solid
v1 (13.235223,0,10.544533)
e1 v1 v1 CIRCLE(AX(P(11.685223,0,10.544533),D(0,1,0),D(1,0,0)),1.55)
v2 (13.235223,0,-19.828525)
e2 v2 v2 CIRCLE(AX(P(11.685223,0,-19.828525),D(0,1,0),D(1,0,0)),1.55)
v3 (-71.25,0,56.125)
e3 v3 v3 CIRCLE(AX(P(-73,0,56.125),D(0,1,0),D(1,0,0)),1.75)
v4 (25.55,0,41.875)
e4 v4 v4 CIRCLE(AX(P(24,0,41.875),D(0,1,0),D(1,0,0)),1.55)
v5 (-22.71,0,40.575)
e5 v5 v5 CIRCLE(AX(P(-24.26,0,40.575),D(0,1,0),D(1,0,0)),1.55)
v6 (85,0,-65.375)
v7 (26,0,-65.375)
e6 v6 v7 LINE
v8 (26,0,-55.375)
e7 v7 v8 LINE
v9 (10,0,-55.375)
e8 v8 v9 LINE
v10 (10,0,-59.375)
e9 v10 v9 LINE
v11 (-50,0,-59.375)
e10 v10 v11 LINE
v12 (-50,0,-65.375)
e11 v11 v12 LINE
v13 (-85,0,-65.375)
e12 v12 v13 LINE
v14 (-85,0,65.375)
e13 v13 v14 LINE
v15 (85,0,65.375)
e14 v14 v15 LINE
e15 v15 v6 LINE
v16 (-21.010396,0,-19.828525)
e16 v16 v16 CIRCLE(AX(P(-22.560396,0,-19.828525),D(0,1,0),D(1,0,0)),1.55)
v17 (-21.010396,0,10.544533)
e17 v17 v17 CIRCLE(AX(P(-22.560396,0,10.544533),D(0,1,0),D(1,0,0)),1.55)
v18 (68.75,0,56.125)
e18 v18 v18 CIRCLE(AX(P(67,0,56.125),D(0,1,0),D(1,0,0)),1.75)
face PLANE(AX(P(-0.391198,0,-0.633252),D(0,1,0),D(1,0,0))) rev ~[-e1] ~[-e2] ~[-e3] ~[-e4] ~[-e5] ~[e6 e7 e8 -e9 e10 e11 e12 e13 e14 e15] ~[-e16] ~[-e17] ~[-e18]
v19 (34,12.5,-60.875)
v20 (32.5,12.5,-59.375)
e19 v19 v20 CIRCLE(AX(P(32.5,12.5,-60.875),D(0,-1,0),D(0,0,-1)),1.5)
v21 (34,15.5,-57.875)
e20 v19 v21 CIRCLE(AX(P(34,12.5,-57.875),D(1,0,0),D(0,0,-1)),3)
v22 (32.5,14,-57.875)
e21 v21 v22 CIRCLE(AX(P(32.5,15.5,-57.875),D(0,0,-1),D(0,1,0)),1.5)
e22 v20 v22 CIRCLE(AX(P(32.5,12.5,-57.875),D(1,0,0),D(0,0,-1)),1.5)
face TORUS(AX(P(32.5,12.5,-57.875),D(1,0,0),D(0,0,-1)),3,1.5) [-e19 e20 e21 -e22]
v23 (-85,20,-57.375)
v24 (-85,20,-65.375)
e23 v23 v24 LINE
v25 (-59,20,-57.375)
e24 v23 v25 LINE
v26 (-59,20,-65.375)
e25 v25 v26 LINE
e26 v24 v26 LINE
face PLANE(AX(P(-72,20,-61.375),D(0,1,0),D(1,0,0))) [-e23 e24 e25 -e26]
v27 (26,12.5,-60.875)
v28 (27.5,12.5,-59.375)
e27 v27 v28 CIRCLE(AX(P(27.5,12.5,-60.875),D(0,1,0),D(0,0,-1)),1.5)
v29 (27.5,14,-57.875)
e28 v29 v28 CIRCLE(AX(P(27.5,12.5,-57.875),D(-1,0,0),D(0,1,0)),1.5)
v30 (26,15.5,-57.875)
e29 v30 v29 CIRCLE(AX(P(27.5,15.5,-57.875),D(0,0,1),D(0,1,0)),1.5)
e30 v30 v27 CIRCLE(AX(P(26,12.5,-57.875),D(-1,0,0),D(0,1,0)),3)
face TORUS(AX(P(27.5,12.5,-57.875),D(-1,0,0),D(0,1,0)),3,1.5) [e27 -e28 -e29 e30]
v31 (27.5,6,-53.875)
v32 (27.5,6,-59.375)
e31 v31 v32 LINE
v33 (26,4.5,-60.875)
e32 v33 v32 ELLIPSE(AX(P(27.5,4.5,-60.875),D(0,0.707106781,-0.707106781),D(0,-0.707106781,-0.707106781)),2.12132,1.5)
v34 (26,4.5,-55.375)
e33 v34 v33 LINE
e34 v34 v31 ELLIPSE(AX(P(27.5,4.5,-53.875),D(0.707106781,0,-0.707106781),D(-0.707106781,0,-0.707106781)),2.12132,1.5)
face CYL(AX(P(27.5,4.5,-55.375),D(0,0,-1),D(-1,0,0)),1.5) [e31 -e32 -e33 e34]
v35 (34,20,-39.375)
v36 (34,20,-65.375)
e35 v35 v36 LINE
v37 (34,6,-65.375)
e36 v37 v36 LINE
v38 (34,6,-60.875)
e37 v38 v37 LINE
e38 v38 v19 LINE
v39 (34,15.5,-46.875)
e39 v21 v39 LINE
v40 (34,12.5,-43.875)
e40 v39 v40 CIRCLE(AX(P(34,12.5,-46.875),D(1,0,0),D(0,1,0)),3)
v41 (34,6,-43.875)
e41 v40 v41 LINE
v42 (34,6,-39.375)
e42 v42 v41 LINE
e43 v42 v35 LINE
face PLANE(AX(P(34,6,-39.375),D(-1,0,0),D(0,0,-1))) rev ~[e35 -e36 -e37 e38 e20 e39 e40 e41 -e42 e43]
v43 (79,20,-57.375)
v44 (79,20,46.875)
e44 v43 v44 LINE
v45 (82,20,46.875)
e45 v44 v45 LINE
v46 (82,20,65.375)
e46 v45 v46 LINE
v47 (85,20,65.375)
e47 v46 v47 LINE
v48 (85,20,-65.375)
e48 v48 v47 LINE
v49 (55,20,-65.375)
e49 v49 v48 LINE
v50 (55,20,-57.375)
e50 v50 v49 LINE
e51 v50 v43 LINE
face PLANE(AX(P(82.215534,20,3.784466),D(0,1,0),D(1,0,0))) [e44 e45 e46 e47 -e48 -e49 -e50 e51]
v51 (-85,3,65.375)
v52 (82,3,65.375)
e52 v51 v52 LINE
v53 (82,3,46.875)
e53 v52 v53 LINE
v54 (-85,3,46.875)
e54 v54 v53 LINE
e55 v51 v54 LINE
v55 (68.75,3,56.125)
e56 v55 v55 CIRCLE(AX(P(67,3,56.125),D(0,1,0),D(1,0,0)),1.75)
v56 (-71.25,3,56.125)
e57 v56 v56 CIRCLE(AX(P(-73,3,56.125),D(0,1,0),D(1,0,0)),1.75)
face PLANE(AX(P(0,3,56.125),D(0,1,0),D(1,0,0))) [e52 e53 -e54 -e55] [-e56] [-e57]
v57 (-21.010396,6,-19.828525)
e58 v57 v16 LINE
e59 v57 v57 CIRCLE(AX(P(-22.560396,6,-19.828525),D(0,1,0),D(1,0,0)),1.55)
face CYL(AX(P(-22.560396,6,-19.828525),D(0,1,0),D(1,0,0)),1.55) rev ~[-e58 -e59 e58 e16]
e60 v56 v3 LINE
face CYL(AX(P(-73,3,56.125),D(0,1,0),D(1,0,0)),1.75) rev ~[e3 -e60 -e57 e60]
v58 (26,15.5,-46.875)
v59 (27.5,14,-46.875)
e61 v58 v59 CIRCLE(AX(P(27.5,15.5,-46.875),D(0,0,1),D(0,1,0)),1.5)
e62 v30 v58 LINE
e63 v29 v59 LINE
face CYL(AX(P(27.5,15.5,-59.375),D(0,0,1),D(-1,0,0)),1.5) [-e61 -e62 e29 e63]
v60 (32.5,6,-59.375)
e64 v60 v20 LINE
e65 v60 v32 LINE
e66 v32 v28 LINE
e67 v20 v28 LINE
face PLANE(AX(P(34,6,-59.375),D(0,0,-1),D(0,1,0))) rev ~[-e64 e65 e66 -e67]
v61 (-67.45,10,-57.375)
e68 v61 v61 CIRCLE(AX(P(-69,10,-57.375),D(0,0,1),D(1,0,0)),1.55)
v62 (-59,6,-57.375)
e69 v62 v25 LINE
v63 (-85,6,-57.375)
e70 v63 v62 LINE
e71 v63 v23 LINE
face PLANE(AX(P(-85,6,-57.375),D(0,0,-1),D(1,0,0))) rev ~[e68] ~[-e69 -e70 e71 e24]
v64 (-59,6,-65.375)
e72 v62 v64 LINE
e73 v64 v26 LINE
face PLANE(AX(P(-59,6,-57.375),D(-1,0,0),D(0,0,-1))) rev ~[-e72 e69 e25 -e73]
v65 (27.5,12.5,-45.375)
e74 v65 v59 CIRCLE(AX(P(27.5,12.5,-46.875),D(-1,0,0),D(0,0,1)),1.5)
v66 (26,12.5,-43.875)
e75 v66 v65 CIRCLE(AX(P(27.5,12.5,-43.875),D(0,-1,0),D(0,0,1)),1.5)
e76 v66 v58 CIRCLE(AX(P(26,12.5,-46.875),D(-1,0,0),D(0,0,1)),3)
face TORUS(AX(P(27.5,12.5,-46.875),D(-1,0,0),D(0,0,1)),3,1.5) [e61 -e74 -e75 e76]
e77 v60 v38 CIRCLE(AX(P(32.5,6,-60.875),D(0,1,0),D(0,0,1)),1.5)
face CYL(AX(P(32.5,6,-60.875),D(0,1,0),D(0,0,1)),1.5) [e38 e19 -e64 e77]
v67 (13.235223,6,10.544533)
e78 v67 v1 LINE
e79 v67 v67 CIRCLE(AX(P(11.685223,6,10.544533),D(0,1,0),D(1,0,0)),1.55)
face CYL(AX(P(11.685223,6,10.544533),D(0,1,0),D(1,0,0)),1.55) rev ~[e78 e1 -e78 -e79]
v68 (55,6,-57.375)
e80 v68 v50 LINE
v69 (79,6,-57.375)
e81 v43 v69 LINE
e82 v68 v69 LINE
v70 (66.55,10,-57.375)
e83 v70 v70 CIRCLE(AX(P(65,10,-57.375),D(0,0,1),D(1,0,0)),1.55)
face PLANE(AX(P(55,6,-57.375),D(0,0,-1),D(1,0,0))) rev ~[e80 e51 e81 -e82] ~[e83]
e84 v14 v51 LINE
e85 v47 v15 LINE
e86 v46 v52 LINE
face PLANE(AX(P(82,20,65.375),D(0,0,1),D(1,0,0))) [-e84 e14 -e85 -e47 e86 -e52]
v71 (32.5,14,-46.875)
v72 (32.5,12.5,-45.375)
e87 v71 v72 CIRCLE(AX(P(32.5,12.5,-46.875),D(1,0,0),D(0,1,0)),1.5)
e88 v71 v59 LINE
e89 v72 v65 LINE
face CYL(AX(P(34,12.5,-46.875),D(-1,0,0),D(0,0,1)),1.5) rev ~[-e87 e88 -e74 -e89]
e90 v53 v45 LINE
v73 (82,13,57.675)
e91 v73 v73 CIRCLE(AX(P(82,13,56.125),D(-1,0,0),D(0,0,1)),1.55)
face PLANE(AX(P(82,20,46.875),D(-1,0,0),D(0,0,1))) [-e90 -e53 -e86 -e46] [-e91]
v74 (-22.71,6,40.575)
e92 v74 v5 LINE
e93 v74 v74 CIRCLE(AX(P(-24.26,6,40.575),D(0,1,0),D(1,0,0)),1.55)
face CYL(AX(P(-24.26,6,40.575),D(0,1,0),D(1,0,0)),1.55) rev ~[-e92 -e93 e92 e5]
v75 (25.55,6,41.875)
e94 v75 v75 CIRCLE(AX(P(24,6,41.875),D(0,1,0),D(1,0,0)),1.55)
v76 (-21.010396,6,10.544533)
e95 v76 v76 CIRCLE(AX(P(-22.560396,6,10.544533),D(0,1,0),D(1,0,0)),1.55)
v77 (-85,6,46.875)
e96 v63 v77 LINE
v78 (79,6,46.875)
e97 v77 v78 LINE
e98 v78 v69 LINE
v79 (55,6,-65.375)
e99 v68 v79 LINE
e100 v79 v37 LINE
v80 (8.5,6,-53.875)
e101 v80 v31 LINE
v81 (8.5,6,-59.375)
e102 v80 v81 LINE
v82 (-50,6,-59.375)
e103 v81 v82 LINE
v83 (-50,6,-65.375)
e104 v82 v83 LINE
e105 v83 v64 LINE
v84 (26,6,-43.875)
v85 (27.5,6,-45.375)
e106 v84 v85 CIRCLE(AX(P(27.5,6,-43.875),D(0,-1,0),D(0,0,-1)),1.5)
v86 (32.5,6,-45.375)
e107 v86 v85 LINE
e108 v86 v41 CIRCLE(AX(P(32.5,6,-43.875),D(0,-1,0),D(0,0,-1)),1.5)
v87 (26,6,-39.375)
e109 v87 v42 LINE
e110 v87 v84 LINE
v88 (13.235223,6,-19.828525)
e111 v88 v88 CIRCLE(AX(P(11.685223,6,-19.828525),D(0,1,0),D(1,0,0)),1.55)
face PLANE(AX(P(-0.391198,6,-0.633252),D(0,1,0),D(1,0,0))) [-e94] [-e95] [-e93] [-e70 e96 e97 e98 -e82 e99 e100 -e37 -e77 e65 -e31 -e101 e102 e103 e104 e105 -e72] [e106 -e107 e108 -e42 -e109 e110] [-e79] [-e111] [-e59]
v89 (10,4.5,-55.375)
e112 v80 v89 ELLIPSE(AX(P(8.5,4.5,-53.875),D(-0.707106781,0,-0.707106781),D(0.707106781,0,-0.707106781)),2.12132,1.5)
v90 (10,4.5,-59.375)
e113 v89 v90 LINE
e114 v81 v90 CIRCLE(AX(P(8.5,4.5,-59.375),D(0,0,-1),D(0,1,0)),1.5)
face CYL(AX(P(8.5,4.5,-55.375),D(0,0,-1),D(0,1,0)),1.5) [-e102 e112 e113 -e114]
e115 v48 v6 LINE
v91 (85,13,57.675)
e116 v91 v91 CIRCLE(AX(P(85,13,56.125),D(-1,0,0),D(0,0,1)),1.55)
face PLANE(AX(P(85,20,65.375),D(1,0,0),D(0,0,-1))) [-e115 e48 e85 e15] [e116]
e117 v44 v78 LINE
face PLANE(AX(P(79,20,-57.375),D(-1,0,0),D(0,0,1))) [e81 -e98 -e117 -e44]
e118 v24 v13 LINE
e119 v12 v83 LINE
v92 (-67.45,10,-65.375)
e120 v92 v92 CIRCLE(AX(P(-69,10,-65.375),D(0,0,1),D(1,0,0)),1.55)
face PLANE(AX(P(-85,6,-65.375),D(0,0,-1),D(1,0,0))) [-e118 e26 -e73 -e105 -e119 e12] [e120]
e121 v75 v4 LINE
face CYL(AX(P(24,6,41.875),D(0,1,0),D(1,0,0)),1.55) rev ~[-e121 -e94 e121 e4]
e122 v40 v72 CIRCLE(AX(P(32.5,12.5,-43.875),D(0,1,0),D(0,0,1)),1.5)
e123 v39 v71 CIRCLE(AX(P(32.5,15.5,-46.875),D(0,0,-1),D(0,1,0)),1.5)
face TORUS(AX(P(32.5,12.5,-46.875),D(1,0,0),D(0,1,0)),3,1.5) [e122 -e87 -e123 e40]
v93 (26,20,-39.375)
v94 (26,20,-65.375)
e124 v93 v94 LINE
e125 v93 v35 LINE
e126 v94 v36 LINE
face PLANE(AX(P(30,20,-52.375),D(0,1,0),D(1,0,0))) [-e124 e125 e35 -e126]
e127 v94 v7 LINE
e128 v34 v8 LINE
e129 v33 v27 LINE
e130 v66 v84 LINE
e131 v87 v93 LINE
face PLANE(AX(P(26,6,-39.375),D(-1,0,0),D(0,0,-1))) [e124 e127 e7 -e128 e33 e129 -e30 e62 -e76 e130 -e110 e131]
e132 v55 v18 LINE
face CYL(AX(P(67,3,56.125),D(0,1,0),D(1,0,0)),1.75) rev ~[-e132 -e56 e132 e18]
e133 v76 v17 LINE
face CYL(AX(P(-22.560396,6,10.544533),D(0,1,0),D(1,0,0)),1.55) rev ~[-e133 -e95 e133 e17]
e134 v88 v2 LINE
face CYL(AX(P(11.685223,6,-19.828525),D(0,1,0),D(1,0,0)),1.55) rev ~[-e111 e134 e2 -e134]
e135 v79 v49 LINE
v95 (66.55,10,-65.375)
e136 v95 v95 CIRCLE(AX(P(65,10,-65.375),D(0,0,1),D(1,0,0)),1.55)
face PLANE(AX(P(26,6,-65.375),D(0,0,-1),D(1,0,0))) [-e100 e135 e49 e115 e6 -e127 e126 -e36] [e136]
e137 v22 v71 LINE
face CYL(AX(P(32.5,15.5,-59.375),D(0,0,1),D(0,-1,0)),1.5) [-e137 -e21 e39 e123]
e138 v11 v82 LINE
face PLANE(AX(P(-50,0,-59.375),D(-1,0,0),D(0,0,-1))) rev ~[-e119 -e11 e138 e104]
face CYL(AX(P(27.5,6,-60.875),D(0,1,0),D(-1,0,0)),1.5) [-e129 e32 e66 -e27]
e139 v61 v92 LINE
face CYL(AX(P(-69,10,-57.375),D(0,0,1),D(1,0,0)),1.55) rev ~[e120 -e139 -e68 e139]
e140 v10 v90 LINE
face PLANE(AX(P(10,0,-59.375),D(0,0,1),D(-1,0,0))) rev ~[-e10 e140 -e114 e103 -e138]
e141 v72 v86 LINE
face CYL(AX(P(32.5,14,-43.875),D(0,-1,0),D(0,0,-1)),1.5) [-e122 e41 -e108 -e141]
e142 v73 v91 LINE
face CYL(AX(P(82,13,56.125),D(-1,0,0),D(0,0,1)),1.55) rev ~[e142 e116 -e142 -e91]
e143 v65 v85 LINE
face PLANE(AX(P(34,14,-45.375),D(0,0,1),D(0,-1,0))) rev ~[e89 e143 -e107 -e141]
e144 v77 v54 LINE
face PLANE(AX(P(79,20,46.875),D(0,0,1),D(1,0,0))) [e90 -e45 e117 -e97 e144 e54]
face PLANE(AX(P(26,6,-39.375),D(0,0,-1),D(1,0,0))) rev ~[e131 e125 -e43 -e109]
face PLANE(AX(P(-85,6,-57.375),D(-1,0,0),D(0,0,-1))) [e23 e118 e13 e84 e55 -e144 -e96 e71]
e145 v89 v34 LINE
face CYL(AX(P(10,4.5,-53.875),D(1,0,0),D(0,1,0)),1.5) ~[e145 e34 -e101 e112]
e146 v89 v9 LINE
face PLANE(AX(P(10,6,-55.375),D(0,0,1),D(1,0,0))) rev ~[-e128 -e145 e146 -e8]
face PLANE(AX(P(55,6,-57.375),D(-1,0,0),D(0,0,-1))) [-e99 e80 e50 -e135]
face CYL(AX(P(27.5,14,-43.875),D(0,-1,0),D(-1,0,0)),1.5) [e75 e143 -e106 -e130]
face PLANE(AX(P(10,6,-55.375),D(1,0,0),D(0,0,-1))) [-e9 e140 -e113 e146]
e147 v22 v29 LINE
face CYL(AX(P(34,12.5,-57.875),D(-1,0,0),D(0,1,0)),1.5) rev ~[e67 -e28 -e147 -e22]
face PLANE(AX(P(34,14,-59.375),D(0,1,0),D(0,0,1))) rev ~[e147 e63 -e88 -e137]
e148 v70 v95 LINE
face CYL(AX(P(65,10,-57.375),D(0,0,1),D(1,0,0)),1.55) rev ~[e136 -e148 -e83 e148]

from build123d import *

# Parameters (mm, degrees)
BOSS_EXTRUDE1_DEPTH = 6
SKETCH2_W           = 26
SKETCH2_H           = 8
SKETCH2_W_2         = 30
BOSS_EXTRUDE2_DEPTH = 14
SKETCH3_R           = 1.55
CUT_EXTRUDE1_DEPTH  = 9
SKETCH4_W           = 170
SKETCH4_H           = 18.5
CUT_EXTRUDE2_DEPTH  = 3
SKETCH5_R           = 1.75
CUT_EXTRUDE3_DEPTH  = 3
BOSS_EXTRUDE3_REACH = 22
SKETCH8_R           = 1.55
CUT_EXTRUDE4_DEPTH  = 4
CUT_EXTRUDE5_REACH  = 8
SKETCH9_W           = 16
SKETCH9_H           = 10
SKETCH10_W          = 8
SKETCH10_H          = 26
BOSS_EXTRUDE4_DEPTH = 14
CUT_EXTRUDE6_REACH  = 121
FILLET1_R           = 1.5
SKETCH12_R          = 1.55
CUT_EXTRUDE7_DEPTH  = 14
CUT_EXTRUDE8_REACH  = 8
SKETCH13_R          = 1.55


with BuildPart() as part:
    # Sketch1 → Boss-Extrude1 (new body)
    with BuildSketch(Plane(origin=(0, 0, 0), x_dir=(1, 0, 0), z_dir=(0, 1, 0))):
        Polygon((-85, 65.375), (-85, -65.375), (85, -65.375), (85, 65.375), (10, 65.375), (10, 59.375), (-50, 59.375), (-50, 65.375), align=None)
    extrude(amount=BOSS_EXTRUDE1_DEPTH)

    # Sketch2 → Boss-Extrude2 (add)
    with BuildSketch(Plane(origin=(0, 6, 0), x_dir=(1, 0, 0), z_dir=(0, 1, 0))):
        with Locations((-72, 61.375)):
            Rectangle(SKETCH2_W, SKETCH2_H)
        with Locations((70, 61.375)):
            Rectangle(SKETCH2_W_2, SKETCH2_H)
    extrude(amount=BOSS_EXTRUDE2_DEPTH)

    # Sketch3 → Cut-Extrude1 (cut, through all)
    with BuildSketch(Plane.XY.offset(-57.375)):
        with Locations((-69, 10)):
            Circle(SKETCH3_R)
        with Locations((65, 10)):
            Circle(SKETCH3_R)
    extrude(amount=-CUT_EXTRUDE1_DEPTH, mode=Mode.SUBTRACT)

    # Sketch4 → Cut-Extrude2 (cut)
    with BuildSketch(Plane(origin=(0, 6, 0), x_dir=(1, 0, 0), z_dir=(0, 1, 0))):
        with Locations((0, -56.125)):
            Rectangle(SKETCH4_W, SKETCH4_H)
    extrude(amount=-CUT_EXTRUDE2_DEPTH, mode=Mode.SUBTRACT)

    # Sketch5 → Cut-Extrude3 (cut)
    with BuildSketch(Plane(origin=(0, 3, 0), x_dir=(1, 0, 0), z_dir=(0, 1, 0))):
        with Locations((-73, -56.125)):
            Circle(SKETCH5_R)
        with Locations((67, -56.125)):
            Circle(SKETCH5_R)
    extrude(amount=-CUT_EXTRUDE3_DEPTH, mode=Mode.SUBTRACT)

    # Sketch7 → Boss-Extrude3 (add, up to next)
    with BuildSketch(Plane(origin=(0, 20, 0), x_dir=(1, 0, 0), z_dir=(0, 1, 0)), mode=Mode.PRIVATE) as boss_extrude3_sk1:
        Polygon((85, -65.375), (85, 57.375), (79, 57.375), (79, -46.875), (82, -46.875), (82, -65.375), align=None)
    boss_extrude3_tool1 = extrude(boss_extrude3_sk1.sketch, amount=-BOSS_EXTRUDE3_REACH, mode=Mode.PRIVATE) - part.part
    add(boss_extrude3_tool1.solids().sort_by_distance((82.122247, 20, -0.248073))[0])

    # Sketch8 → Cut-Extrude4 (cut, through all)
    with BuildSketch(Plane.ZY.offset(-82)):
        with Locations((56.125, 13)):
            Circle(SKETCH8_R)
    extrude(amount=-CUT_EXTRUDE4_DEPTH, mode=Mode.SUBTRACT)

    # Sketch9 → Cut-Extrude5 (cut, up to next)
    with BuildSketch(Plane(origin=(0, 6, 0), x_dir=(1, 0, 0), z_dir=(0, 1, 0)), mode=Mode.PRIVATE) as cut_extrude5_sk1:
        with Locations((18, 60.375)):
            Rectangle(SKETCH9_W, SKETCH9_H)
    cut_extrude5_tool1 = extrude(cut_extrude5_sk1.sketch, amount=-CUT_EXTRUDE5_REACH, mode=Mode.PRIVATE) & part.part
    add(cut_extrude5_tool1.solids().sort_by_distance((18, 6, -60.375))[0], mode=Mode.SUBTRACT)

    # Sketch10 → Boss-Extrude4 (add)
    with BuildSketch(Plane(origin=(0, 6, 0), x_dir=(1, 0, 0), z_dir=(0, 1, 0))):
        with Locations((30, 52.375)):
            Rectangle(SKETCH10_W, SKETCH10_H)
    extrude(amount=BOSS_EXTRUDE4_DEPTH)

    # Sketch11 → Cut-Extrude6 (cut, up to next)
    with BuildSketch(Plane(origin=(34, 0, 0), x_dir=(0, 0, -1), z_dir=(1, 0, 0)), mode=Mode.PRIVATE) as cut_extrude6_sk1:
        Polygon((45.375, 12), (45.375, 6), (59.375, 6), (59.375, 12), (59.375, 14), (45.375, 14), align=None)
    cut_extrude6_tool1 = extrude(cut_extrude6_sk1.sketch, amount=-CUT_EXTRUDE6_REACH, mode=Mode.PRIVATE) & part.part
    add(cut_extrude6_tool1.solids().sort_by_distance((34, 10, -52.375))[0], mode=Mode.SUBTRACT)

    # Fillet1
    fillet1_edges = [part.edges().sort_by_distance(p)[0] for p in [
        (26, 6, -57.375),
        (18, 6, -55.375),
        (10, 6, -57.375),
        (26, 10, -45.375),
        (26, 14, -52.375),
        (26, 10, -59.375),
        (34, 10, -59.375),
        (34, 14, -52.375),
        (34, 10, -45.375),
        (30, 14, -45.375),
        (30, 14, -59.375),
    ]]
    fillet(fillet1_edges, radius=FILLET1_R)

    # Sketch12 → Cut-Extrude7 (cut)
    with BuildSketch(Plane(origin=(0, 6, 0), x_dir=(1, 0, 0), z_dir=(0, 1, 0))):
        with Locations((24, -41.875)):
            Circle(SKETCH12_R)
        with Locations((-24.26, -40.575)):
            Circle(SKETCH12_R)
    extrude(amount=-CUT_EXTRUDE7_DEPTH, mode=Mode.SUBTRACT)

    # Sketch13 → Cut-Extrude8 (cut, up to next)
    with BuildSketch(Plane(origin=(0, 6, 0), x_dir=(1, 0, 0), z_dir=(0, 1, 0)), mode=Mode.PRIVATE) as cut_extrude8_sk1:
        with Locations((11.685222517, 19.828524859)):
            Circle(SKETCH13_R)
    cut_extrude8_tool1 = extrude(cut_extrude8_sk1.sketch, amount=-CUT_EXTRUDE8_REACH, mode=Mode.PRIVATE) & part.part
    add(cut_extrude8_tool1.solids().sort_by_distance((11.685223, 6, -19.828525))[0], mode=Mode.SUBTRACT)
    # Sketch13 → Cut-Extrude8 (cut, up to next)
    with BuildSketch(Plane(origin=(0, 6, 0), x_dir=(1, 0, 0), z_dir=(0, 1, 0)), mode=Mode.PRIVATE) as cut_extrude8_sk2:
        with Locations((-22.560396417, 19.828524859)):
            Circle(SKETCH13_R)
    cut_extrude8_tool2 = extrude(cut_extrude8_sk2.sketch, amount=-CUT_EXTRUDE8_REACH, mode=Mode.PRIVATE) & part.part
    add(cut_extrude8_tool2.solids().sort_by_distance((-22.560396, 6, -19.828525))[0], mode=Mode.SUBTRACT)
    # Sketch13 → Cut-Extrude8 (cut, up to next)
    with BuildSketch(Plane(origin=(0, 6, 0), x_dir=(1, 0, 0), z_dir=(0, 1, 0)), mode=Mode.PRIVATE) as cut_extrude8_sk3:
        with Locations((11.685222517, -10.544533108)):
            Circle(SKETCH13_R)
    cut_extrude8_tool3 = extrude(cut_extrude8_sk3.sketch, amount=-CUT_EXTRUDE8_REACH, mode=Mode.PRIVATE) & part.part
    add(cut_extrude8_tool3.solids().sort_by_distance((11.685223, 6, 10.544533))[0], mode=Mode.SUBTRACT)
    # Sketch13 → Cut-Extrude8 (cut, up to next)
    with BuildSketch(Plane(origin=(0, 6, 0), x_dir=(1, 0, 0), z_dir=(0, 1, 0)), mode=Mode.PRIVATE) as cut_extrude8_sk4:
        with Locations((-22.560396417, -10.544533108)):
            Circle(SKETCH13_R)
    cut_extrude8_tool4 = extrude(cut_extrude8_sk4.sketch, amount=-CUT_EXTRUDE8_REACH, mode=Mode.PRIVATE) & part.part
    add(cut_extrude8_tool4.solids().sort_by_distance((-22.560396, 6, 10.544533))[0], mode=Mode.SUBTRACT)


solid = part.part
